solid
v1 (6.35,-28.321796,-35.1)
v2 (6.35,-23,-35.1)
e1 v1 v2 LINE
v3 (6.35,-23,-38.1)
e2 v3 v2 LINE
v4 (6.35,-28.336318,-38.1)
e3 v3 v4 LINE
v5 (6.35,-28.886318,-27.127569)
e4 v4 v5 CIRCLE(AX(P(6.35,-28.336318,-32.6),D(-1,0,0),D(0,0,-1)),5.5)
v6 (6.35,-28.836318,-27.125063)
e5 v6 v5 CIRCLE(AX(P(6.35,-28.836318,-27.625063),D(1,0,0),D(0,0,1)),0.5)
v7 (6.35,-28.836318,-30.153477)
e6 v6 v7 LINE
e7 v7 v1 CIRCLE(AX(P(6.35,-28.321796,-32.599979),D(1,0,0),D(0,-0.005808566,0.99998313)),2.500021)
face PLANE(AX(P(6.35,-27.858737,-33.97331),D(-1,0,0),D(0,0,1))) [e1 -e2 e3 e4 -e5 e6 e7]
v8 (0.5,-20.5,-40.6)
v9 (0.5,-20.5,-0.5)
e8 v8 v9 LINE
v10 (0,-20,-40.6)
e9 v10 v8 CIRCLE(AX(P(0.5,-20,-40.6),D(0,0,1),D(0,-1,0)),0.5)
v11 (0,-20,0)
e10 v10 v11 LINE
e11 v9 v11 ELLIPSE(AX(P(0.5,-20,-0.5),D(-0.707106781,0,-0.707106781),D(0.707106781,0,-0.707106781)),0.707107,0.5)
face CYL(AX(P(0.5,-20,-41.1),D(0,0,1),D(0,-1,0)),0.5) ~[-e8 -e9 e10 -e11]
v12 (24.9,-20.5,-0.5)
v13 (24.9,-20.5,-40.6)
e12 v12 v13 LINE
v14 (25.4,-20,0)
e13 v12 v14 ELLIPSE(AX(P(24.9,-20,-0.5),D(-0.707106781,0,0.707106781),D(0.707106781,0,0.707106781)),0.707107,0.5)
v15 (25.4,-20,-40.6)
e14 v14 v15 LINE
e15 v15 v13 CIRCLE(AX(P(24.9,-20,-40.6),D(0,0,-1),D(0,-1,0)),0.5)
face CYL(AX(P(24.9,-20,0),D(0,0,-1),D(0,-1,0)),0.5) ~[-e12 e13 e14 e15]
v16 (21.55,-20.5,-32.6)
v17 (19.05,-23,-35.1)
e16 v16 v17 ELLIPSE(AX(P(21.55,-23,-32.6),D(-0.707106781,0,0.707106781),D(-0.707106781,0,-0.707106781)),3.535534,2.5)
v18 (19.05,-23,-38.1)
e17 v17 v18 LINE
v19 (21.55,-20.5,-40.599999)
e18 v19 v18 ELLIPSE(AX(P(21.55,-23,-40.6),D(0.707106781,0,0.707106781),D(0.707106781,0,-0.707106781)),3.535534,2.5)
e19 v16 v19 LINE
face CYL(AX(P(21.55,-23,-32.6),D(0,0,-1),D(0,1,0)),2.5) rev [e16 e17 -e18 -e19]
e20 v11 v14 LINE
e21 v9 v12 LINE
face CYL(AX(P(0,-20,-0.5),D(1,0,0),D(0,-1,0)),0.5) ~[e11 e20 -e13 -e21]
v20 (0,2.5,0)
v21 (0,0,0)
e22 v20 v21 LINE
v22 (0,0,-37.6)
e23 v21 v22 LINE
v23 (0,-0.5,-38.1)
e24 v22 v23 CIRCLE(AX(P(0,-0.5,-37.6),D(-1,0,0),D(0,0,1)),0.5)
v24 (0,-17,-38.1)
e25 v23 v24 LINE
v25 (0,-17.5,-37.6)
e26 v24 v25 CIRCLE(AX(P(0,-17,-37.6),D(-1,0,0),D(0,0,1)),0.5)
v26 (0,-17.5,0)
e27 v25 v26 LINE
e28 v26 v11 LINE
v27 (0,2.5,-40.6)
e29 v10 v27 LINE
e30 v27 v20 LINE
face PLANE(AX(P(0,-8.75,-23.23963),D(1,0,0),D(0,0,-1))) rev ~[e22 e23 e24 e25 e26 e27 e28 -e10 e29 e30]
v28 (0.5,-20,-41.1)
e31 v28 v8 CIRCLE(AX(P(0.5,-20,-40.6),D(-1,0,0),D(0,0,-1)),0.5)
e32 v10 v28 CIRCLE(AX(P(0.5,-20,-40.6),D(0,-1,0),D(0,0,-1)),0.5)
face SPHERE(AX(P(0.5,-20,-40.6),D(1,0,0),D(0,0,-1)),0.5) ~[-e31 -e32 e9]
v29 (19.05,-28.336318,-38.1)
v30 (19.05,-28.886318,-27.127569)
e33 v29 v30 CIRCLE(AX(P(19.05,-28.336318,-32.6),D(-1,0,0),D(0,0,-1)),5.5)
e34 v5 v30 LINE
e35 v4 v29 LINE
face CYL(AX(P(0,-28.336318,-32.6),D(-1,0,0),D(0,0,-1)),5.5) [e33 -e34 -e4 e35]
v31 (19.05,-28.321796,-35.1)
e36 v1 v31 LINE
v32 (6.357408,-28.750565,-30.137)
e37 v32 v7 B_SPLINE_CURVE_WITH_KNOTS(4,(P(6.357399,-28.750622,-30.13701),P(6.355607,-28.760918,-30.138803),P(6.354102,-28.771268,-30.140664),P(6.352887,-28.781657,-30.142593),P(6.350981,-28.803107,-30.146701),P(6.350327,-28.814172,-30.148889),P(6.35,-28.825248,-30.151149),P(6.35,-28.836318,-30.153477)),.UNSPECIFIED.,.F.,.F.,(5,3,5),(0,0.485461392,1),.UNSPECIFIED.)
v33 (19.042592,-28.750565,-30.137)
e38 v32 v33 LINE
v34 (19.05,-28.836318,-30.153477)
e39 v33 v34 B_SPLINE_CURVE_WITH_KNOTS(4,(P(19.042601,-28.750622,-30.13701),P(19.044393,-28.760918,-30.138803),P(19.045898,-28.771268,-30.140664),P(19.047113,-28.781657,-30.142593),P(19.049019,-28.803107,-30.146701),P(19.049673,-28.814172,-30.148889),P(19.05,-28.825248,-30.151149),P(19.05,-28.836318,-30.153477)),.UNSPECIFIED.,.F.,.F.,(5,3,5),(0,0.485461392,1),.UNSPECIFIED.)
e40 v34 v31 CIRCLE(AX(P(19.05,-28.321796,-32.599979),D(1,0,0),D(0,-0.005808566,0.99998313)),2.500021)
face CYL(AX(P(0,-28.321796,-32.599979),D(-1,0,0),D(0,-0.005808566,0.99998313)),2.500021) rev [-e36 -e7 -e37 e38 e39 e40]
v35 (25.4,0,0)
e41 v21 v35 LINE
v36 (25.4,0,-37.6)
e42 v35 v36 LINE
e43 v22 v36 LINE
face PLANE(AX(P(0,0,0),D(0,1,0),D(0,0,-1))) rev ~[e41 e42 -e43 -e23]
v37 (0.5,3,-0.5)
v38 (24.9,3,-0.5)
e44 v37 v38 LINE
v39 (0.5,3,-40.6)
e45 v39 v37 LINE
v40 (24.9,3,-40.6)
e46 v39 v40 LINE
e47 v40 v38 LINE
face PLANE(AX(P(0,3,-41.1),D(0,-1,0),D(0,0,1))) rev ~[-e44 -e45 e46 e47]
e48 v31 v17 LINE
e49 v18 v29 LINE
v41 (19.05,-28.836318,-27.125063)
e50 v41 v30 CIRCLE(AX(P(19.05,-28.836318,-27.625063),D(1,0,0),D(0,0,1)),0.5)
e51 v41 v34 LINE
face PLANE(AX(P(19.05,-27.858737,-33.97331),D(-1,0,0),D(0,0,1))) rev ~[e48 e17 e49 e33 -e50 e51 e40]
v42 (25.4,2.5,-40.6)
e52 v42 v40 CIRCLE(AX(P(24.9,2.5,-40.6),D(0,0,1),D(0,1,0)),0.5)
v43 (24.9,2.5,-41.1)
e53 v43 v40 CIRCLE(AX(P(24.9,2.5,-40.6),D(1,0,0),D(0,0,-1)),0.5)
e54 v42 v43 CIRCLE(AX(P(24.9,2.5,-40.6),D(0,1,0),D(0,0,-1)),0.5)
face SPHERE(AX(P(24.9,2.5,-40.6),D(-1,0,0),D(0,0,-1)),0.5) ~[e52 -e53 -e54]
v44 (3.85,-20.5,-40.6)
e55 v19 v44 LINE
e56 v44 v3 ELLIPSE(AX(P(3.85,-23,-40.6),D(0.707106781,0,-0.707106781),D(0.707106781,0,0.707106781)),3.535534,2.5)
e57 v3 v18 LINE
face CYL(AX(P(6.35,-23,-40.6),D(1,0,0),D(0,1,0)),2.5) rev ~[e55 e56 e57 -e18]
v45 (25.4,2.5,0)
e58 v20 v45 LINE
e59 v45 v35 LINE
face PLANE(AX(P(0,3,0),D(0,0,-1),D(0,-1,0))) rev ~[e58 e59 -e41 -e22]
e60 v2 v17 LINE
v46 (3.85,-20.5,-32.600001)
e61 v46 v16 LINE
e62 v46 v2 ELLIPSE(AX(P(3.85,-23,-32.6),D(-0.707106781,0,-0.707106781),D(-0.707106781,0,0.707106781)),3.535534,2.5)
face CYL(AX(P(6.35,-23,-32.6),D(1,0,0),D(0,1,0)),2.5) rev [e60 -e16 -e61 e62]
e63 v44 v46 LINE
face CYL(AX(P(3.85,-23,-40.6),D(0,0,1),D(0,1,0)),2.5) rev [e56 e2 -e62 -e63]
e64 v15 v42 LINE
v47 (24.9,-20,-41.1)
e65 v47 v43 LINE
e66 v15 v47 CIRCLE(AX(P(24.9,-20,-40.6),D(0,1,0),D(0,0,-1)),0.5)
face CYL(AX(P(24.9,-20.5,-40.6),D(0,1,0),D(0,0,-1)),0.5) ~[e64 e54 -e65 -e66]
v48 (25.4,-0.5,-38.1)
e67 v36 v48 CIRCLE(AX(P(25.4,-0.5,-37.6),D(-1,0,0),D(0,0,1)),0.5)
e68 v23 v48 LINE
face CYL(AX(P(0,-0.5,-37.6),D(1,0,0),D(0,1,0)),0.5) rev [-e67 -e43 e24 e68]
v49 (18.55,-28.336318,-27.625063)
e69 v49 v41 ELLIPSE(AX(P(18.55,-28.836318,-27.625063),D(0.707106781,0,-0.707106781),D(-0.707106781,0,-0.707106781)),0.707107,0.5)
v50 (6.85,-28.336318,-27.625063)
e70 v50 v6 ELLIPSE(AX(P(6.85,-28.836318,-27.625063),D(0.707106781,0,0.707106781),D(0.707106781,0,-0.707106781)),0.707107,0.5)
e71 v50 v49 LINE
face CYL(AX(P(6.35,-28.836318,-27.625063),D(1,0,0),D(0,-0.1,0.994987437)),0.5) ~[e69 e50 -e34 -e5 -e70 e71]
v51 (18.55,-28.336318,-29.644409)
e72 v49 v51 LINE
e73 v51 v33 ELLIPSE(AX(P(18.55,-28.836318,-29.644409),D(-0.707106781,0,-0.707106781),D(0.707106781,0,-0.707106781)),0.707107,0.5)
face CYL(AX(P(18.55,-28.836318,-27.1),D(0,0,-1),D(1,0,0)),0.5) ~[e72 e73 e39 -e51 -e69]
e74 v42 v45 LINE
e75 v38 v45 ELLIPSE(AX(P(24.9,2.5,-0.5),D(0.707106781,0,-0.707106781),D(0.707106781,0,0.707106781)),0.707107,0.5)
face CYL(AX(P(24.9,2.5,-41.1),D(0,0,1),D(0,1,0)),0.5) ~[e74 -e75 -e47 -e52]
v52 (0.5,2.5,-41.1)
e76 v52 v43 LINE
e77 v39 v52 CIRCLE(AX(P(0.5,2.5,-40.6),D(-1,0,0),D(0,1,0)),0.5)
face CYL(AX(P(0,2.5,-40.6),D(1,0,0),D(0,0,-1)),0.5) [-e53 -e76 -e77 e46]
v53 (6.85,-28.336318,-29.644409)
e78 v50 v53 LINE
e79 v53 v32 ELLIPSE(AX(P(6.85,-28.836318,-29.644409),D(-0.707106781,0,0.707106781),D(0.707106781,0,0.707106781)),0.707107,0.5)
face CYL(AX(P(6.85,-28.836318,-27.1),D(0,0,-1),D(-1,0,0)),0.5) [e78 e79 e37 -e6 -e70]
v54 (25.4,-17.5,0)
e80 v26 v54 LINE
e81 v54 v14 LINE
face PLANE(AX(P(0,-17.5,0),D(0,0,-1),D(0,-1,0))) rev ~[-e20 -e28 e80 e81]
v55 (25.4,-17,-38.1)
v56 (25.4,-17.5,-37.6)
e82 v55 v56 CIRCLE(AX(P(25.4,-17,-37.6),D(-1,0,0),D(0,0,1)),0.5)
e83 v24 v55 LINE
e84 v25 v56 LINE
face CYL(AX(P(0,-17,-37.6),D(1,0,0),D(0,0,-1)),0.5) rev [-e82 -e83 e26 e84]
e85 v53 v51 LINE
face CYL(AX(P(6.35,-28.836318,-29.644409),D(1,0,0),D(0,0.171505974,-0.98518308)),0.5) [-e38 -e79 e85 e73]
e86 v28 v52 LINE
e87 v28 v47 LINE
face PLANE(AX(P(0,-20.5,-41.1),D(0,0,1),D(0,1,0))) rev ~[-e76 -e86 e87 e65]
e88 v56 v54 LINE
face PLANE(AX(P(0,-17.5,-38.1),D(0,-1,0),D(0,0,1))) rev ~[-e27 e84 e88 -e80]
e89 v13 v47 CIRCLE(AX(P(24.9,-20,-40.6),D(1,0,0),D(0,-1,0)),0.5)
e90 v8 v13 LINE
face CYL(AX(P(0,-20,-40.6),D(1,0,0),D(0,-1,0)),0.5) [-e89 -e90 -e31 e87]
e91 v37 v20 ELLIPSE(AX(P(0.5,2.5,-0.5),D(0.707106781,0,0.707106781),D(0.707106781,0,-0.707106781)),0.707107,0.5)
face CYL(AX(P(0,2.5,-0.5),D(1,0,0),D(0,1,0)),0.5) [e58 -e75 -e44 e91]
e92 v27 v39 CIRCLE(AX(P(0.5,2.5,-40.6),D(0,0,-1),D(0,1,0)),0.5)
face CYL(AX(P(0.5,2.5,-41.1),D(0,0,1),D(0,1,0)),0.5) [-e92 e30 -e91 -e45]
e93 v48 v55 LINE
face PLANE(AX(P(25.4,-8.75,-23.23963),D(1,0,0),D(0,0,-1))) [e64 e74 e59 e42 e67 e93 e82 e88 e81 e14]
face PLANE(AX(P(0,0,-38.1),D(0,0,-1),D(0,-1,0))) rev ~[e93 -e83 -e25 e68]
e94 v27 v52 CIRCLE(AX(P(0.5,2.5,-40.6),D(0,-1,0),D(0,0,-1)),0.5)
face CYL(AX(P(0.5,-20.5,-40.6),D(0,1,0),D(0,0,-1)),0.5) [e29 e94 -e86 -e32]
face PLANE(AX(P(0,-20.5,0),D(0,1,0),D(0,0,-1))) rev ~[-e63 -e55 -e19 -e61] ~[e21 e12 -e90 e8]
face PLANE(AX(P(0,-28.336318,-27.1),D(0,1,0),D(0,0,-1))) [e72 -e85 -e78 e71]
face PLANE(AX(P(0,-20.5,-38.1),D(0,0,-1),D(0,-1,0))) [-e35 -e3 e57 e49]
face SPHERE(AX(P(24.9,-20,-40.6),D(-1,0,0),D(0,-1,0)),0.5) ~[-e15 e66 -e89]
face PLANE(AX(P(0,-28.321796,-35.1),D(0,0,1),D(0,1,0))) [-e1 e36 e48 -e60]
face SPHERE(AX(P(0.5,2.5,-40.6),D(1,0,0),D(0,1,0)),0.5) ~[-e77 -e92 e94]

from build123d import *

# Parameters (mm, degrees)
BOSS_EXTRUDE1_DEPTH = 25.4
BOSS_EXTRUDE3_DEPTH = 25.4
CUT_EXTRUDE5_DEPTH  = 6.35
CUT_EXTRUDE6_START  = -6.35
CUT_EXTRUDE6_DEPTH  = 6.35
FILLET1_R           = 2.5
FILLET2_R           = 2.5
FILLET3_R           = 0.5
FILLET4_R           = 0.5
FILLET5_R           = 0.5


with BuildPart() as part:
    # Sketch1 → Boss-Extrude1 (new body)
    with BuildSketch(Plane(origin=(0, 0, 0), x_dir=(0, 0, -1), z_dir=(1, 0, 0))):
        Polygon((0, 0), (38.1, 0), (38.1, -17.5), (0, -17.5), (1.83e-15, -20.500000000000007), (41.1, -20.500000000000007), (41.099999999999994, 3), (-1.8e-16, 2.999999999999995), align=None)
    extrude(amount=BOSS_EXTRUDE1_DEPTH)

    # Sketch7 → Boss-Extrude3 (add)
    with BuildSketch(Plane.ZY):
        with BuildLine():
            Line((-38.1, -20.500000000000007), (-38.10000000000001, -28.33631785905126))
            ThreePointArc((-38.10000000000001, -28.33631785905126), (-32.6, -33.83631785905126), (-27.100000000000005, -28.336317859051263))
            Line((-27.100000000000005, -28.336317859051263), (-30.100000000000005, -28.33631785905126))
            ThreePointArc((-30.100000000000005, -28.33631785905126), (-32.607239712312804, -30.821806864386282), (-35.1, -28.32179632065465))
            Line((-35.1, -28.32179632065465), (-35.1, -20.500000000000007))
            Line((-35.1, -20.500000000000007), (-38.1, -20.500000000000007))
        make_face()
    extrude(amount=-BOSS_EXTRUDE3_DEPTH)

    # Sketch8 → Cut-Extrude5 (cut)
    with BuildSketch(Plane.ZY):
        with BuildLine():
            Line((-35.1, -20.500000000000007), (-38.1, -20.500000000000007))
            Line((-38.1, -20.500000000000007), (-38.10000000000001, -28.3363178590513))
            ThreePointArc((-38.10000000000001, -28.3363178590513), (-32.59999999999998, -33.83631785905126), (-27.100000000000005, -28.336317859051263))
            Line((-27.100000000000005, -28.336317859051263), (-30.10000000000001, -28.33631785905126))
            ThreePointArc((-30.10000000000001, -28.33631785905126), (-32.6072397123128, -30.82180686438628), (-35.1, -28.321796320654666))
            Line((-35.1, -28.321796320654666), (-35.1, -20.500000000000007))
        make_face()
    extrude(amount=-CUT_EXTRUDE5_DEPTH, mode=Mode.SUBTRACT)

    # Sketch9 → Cut-Extrude6 (cut)
    with BuildSketch(Plane(origin=(25.4, 0, 0), x_dir=(0, 0, -1), z_dir=(1, 0, 0)).offset(CUT_EXTRUDE6_START)):
        with BuildLine():
            Line((35.1, -20.500000000000007), (38.1, -20.500000000000007))
            Line((38.1, -20.500000000000007), (38.10000000000001, -28.33631785905126))
            ThreePointArc((38.10000000000001, -28.33631785905126), (32.6, -33.83631785905126), (27.100000000000005, -28.336317859051263))
            Line((27.100000000000005, -28.336317859051263), (30.10000000000001, -28.33631785905126))
            ThreePointArc((30.10000000000001, -28.33631785905126), (32.607239712312804, -30.82180686438628), (35.1, -28.32179632065465))
            Line((35.1, -28.32179632065465), (35.1, -20.500000000000007))
        make_face()
    extrude(amount=CUT_EXTRUDE6_DEPTH, mode=Mode.SUBTRACT)

    # Fillet1
    fillet1_edges = [part.edges().sort_by_distance(p)[0] for p in [
        (12.7, -20.500000000000007, -35.1),
        (12.7, -20.500000000000007, -38.1),
    ]]
    fillet(fillet1_edges, radius=FILLET1_R)

    # Fillet2
    fillet2_edges = [part.edges().sort_by_distance(p)[0] for p in [
        (6.35, -20.500000000000007, -36.599999999999994),
        (19.049999999999997, -20.500000000000007, -36.599999999999994),
    ]]
    fillet(fillet2_edges, radius=FILLET2_R)

    # Fillet3
    fillet3_edges = [part.edges().sort_by_distance(p)[0] for p in [
        (12.7, 2.999999999999995, 1.8e-16),
        (12.7, 3, -41.099999999999994),
        (12.7, -20.500000000000007, -41.1),
        (12.7, -20.500000000000007, -1.83e-15),
        (25.4, -20.500000000000007, -20.550000000000004),
        (25.4, -8.750000000000004, -41.099999999999994),
        (25.4, 2.9999999999999973, -20.549999999999997),
        (0, 2.9999999999999973, -20.549999999999997),
        (0, -8.750000000000004, -41.099999999999994),
        (0, -20.500000000000007, -20.55),
    ]]
    fillet(fillet3_edges, radius=FILLET3_R)

    # Fillet4
    fillet4_edges = [part.edges().sort_by_distance(p)[0] for p in [
        (6.35, -28.336317859051263, -28.60000000000001),
        (12.7, -28.336317859051263, -27.100000000000005),
        (12.7, -28.33631785905126, -30.100000000000005),
        (19.049999999999997, -28.336317859051263, -28.60000000000001),
    ]]
    fillet(fillet4_edges, radius=FILLET4_R)

    # Fillet5
    fillet5_edges = [part.edges().sort_by_distance(p)[0] for p in [
        (12.7, -17.5, -38.1),
        (12.7, 0, -38.1),
    ]]
    fillet(fillet5_edges, radius=FILLET5_R)


solid = part.part
